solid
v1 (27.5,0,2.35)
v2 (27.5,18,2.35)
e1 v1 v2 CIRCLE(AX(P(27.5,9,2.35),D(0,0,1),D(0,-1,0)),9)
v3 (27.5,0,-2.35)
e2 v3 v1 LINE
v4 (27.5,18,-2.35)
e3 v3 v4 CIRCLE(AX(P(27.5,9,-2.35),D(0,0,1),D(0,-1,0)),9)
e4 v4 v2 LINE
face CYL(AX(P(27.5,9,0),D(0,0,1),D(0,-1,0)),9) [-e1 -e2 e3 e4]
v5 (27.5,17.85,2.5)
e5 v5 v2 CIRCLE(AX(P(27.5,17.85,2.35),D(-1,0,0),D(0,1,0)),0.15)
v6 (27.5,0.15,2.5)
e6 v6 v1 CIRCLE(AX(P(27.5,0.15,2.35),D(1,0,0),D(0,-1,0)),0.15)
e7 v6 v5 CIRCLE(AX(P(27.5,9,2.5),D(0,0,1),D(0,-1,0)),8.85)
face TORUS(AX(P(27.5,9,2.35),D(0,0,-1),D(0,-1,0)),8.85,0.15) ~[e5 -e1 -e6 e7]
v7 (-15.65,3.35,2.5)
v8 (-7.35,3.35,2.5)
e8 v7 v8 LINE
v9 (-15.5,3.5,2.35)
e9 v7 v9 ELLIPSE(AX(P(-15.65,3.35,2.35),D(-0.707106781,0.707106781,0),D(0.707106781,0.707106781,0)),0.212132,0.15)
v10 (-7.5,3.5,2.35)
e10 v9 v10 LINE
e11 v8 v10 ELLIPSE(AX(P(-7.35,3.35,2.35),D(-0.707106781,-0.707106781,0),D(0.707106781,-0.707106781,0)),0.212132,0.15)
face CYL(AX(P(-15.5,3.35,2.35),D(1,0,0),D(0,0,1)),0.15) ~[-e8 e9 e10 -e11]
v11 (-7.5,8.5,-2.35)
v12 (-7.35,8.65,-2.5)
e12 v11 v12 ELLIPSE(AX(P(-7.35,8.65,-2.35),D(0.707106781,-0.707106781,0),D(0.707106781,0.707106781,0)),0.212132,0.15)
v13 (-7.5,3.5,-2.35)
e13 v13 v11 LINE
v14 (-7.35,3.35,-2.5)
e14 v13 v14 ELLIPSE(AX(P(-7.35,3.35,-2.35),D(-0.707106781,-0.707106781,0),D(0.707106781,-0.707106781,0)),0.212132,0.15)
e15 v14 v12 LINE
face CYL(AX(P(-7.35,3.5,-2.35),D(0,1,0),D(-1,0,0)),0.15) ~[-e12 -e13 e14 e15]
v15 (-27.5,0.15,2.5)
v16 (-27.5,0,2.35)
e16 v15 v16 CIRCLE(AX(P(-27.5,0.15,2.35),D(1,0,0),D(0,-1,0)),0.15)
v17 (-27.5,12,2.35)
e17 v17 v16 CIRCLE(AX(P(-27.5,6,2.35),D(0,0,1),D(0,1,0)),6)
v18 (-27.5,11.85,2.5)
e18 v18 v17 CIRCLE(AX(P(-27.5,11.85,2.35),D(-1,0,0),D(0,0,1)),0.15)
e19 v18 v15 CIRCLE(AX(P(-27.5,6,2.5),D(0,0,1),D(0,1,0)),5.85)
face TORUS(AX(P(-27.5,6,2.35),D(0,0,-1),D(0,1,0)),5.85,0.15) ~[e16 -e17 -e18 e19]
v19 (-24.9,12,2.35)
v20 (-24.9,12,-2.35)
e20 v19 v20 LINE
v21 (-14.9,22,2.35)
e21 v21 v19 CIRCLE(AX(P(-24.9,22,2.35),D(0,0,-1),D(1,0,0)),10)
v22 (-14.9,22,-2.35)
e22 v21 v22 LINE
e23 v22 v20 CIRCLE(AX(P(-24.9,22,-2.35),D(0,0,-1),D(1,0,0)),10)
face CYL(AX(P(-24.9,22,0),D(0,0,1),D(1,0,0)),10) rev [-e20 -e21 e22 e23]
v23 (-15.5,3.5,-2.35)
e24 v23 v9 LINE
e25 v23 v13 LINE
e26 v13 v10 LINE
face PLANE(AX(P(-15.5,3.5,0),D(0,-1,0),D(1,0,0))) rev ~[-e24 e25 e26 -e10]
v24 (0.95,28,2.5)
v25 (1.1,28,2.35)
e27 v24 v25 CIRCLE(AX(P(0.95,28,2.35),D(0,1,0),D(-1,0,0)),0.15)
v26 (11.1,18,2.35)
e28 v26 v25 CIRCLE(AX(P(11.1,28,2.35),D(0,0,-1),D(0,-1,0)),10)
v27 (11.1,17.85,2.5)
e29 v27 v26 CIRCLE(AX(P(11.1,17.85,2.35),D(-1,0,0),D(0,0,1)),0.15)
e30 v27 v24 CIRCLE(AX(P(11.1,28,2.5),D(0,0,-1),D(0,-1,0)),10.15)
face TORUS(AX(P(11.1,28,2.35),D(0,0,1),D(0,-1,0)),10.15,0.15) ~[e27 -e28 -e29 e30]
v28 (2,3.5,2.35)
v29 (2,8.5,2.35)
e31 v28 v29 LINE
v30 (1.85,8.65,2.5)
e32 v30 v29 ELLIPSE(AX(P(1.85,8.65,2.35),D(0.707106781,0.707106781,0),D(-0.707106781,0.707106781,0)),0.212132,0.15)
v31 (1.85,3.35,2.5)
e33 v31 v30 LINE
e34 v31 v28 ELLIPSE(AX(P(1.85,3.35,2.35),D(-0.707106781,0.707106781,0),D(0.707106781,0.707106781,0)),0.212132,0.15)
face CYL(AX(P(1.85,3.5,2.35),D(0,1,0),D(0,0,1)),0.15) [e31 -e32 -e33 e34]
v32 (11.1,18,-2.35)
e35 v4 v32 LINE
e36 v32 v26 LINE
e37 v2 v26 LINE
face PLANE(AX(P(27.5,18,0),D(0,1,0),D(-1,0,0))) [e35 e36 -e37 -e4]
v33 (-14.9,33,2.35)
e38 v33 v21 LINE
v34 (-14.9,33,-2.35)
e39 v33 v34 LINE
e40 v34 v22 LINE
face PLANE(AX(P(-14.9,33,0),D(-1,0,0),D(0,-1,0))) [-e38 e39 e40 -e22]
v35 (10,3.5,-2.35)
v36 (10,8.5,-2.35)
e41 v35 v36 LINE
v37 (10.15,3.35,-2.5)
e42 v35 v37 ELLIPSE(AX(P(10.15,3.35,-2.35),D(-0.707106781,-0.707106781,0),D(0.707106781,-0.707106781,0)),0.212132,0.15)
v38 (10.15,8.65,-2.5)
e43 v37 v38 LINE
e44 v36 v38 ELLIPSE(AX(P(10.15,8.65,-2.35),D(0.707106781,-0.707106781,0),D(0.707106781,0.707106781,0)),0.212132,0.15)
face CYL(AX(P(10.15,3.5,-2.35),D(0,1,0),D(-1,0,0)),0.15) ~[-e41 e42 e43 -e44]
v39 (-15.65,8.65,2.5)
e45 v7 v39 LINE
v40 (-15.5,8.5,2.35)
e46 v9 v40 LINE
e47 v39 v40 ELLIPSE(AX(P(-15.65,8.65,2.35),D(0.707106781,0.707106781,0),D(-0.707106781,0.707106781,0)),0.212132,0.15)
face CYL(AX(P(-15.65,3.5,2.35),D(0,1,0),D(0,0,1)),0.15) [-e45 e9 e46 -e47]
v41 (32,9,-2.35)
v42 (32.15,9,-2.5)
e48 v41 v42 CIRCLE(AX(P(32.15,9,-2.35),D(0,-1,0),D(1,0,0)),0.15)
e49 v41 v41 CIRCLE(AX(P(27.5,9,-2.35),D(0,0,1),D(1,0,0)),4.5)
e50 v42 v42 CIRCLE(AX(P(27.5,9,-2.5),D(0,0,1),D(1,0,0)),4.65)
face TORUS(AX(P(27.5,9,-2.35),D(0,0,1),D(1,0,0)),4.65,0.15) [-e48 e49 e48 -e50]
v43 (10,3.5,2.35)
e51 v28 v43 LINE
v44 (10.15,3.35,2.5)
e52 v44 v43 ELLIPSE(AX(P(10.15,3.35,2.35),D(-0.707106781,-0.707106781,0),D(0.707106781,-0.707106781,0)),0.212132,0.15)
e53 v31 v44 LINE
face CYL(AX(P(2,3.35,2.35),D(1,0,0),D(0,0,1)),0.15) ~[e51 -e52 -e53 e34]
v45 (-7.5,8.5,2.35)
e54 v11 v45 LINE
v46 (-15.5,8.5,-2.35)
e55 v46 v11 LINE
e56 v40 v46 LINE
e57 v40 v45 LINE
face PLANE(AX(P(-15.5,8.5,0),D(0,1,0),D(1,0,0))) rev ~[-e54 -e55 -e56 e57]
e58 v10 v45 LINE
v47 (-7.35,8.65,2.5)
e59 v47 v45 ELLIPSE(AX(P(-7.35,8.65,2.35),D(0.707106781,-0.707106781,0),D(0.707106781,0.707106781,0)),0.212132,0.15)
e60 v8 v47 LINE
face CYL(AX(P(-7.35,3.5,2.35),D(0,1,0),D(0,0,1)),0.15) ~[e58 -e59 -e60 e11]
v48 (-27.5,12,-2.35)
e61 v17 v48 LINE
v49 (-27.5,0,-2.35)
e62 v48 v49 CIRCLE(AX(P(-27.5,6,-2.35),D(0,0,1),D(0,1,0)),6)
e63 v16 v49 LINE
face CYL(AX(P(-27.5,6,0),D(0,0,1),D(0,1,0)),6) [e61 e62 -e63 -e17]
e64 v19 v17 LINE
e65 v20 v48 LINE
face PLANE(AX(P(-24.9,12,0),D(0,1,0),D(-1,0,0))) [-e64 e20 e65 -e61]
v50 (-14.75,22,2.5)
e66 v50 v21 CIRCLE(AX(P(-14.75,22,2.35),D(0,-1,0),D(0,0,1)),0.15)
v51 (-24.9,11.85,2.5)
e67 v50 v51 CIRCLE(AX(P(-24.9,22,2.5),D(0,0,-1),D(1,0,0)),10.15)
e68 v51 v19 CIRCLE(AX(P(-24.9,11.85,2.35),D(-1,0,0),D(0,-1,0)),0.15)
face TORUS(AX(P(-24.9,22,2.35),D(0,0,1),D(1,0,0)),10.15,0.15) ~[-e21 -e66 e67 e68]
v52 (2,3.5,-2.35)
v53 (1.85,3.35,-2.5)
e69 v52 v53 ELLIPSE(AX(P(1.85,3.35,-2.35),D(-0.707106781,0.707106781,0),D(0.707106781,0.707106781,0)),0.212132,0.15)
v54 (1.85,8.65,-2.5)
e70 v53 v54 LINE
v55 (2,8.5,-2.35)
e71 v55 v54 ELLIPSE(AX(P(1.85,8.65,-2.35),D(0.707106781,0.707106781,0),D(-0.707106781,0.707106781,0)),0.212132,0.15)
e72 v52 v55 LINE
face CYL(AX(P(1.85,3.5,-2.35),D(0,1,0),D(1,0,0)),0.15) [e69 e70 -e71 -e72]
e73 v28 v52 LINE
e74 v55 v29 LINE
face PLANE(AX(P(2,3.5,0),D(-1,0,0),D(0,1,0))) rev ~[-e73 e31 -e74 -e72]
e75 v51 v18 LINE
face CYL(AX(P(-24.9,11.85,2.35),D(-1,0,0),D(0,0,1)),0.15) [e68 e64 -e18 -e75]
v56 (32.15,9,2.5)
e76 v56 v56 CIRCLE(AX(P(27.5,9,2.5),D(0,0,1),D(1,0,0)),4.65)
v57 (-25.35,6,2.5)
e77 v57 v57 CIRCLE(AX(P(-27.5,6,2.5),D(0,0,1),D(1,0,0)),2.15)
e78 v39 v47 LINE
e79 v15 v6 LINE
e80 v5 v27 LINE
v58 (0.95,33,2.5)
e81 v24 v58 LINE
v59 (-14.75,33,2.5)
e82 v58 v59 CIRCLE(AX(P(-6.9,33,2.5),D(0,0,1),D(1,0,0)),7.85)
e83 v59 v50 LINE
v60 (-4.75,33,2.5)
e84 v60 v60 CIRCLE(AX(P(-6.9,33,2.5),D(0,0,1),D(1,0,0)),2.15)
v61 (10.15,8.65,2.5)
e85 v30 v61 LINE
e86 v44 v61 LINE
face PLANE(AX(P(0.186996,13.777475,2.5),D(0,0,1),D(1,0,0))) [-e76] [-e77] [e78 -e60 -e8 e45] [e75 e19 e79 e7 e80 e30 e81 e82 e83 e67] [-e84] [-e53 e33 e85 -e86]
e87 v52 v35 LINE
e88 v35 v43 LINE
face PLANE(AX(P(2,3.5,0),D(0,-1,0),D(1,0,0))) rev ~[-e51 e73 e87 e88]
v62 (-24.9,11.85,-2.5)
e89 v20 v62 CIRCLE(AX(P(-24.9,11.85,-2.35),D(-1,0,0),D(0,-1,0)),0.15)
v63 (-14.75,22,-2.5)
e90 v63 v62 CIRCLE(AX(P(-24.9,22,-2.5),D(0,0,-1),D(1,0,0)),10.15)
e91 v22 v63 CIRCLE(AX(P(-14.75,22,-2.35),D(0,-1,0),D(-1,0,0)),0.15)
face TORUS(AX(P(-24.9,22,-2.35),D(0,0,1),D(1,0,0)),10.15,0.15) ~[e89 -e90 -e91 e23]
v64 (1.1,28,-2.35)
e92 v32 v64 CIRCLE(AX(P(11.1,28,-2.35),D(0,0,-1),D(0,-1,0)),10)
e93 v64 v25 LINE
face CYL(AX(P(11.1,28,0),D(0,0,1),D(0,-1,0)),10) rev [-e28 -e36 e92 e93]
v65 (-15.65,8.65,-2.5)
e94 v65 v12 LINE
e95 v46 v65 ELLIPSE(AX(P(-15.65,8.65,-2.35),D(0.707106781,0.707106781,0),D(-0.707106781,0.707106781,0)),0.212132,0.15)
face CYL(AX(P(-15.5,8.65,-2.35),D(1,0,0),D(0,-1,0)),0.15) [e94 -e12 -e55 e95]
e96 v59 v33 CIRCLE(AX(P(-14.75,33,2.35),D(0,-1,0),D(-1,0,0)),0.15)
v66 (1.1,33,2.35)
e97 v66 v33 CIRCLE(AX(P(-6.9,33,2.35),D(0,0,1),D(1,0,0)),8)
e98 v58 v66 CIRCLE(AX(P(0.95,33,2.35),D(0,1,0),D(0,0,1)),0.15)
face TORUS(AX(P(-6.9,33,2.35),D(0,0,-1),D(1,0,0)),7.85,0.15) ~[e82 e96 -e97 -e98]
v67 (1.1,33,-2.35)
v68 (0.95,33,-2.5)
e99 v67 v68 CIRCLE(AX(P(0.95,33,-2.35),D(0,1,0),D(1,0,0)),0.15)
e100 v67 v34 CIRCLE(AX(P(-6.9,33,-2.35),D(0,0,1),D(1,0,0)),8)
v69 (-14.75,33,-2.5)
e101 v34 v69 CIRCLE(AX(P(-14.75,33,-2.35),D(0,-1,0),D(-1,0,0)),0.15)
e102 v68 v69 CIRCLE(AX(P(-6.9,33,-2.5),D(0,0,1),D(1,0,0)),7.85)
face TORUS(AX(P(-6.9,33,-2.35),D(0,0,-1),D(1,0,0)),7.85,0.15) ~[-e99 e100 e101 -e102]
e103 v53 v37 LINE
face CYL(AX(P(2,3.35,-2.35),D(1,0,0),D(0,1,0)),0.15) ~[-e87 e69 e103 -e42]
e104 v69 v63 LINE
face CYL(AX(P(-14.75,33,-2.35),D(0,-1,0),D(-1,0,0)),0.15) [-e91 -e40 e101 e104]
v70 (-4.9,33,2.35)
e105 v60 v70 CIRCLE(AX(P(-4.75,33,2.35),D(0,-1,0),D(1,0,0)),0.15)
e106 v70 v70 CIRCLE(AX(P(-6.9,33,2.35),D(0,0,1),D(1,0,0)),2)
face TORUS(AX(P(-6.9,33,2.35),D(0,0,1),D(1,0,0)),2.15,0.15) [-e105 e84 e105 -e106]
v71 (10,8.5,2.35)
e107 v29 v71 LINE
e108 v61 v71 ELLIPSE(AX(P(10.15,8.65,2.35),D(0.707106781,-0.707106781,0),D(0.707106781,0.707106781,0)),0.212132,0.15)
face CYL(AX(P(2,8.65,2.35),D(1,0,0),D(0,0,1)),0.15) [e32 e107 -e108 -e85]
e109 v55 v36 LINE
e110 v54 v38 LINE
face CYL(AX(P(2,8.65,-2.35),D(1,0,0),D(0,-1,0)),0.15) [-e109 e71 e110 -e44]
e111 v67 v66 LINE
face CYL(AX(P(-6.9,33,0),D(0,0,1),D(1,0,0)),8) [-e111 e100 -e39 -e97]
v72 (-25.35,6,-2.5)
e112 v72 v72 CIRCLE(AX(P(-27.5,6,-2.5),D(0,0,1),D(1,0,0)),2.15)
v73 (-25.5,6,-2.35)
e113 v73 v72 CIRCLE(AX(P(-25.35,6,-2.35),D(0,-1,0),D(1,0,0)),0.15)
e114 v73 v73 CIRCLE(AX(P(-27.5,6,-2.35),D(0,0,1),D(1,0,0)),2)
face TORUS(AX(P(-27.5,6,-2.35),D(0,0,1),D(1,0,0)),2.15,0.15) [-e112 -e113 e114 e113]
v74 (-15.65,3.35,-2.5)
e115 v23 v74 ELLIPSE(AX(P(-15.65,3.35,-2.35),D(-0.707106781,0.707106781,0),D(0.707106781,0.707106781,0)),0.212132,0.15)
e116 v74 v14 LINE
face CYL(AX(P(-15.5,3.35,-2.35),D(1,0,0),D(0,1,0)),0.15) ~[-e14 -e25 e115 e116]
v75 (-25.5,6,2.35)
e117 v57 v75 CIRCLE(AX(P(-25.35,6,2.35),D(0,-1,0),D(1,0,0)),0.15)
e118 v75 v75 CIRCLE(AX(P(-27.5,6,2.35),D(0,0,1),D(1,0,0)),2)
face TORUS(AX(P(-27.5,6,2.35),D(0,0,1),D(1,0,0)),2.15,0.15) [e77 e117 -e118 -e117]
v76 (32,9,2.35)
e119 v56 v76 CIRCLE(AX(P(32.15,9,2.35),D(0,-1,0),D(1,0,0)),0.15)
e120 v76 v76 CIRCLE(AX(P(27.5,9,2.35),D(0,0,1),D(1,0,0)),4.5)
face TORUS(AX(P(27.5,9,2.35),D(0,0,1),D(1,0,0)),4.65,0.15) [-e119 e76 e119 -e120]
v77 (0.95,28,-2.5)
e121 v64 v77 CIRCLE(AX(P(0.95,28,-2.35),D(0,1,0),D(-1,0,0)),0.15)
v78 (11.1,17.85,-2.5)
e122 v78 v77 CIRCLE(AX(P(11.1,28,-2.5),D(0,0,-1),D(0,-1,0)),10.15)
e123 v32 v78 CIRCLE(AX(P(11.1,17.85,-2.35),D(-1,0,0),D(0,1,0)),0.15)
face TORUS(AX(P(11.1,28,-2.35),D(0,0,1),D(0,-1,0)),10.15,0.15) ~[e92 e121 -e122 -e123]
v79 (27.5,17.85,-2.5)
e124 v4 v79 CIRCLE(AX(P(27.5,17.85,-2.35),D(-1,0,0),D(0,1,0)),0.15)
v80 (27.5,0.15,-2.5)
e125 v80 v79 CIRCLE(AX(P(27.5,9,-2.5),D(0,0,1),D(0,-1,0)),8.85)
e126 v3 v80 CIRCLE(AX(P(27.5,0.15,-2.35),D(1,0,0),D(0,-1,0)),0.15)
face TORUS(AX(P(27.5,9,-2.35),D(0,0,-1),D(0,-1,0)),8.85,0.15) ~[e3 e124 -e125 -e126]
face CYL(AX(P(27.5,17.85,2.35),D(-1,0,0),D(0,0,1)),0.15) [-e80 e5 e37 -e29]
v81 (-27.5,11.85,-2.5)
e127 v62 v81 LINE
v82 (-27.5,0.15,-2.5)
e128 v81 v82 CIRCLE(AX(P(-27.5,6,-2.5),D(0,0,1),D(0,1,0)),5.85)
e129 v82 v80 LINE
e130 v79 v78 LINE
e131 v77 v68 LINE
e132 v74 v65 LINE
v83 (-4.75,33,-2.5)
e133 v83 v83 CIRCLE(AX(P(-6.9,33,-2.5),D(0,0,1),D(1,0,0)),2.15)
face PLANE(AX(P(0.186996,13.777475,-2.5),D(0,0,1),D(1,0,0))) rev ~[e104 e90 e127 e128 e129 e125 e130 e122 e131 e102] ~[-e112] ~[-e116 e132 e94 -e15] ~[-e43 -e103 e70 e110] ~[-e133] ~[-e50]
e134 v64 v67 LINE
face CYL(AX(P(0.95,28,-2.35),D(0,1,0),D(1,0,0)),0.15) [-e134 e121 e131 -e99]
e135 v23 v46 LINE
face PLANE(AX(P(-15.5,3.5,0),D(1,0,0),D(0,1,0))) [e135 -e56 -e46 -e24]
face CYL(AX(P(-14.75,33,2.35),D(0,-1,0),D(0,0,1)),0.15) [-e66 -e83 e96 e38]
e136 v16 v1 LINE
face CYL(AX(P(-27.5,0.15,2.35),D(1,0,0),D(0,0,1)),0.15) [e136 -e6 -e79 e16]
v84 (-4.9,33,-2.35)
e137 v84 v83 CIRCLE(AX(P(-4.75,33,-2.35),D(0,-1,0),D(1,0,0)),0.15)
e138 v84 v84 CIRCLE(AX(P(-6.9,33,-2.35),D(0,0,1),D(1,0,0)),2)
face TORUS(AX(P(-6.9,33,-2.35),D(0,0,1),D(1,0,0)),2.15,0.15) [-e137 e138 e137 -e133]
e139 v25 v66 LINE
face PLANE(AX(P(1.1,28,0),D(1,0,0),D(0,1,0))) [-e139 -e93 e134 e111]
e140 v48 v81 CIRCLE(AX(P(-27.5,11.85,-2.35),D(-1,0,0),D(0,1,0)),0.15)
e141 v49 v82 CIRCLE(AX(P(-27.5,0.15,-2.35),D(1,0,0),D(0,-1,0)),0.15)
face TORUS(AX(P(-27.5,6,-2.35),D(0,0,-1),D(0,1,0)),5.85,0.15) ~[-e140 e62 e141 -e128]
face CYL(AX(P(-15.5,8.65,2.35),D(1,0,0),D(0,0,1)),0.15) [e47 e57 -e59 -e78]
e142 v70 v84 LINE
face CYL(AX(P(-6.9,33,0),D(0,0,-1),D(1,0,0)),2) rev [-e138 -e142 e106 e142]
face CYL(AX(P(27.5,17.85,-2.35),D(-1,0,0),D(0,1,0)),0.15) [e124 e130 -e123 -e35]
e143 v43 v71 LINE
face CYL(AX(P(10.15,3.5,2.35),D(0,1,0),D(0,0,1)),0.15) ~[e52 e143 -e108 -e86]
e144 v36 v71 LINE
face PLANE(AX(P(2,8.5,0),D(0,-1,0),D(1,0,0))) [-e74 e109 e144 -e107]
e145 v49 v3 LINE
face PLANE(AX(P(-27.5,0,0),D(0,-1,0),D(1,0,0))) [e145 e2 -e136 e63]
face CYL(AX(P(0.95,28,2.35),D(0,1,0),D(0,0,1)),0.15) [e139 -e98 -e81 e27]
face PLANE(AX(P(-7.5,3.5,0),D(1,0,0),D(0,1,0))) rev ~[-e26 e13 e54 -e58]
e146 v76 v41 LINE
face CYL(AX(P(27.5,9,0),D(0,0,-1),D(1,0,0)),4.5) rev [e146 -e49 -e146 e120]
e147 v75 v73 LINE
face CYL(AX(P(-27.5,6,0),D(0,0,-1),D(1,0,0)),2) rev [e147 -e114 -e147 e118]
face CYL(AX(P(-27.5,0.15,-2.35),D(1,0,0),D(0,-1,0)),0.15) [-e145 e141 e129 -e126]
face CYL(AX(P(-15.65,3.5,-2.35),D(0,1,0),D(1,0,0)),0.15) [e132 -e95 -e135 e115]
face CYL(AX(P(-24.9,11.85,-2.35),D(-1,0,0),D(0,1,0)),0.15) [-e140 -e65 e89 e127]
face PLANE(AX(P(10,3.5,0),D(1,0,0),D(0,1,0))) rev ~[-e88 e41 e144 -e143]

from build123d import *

# Parameters (mm, degrees)
SZKIC1_R                    = 2
SZKIC1_R_2                  = 4.5
SZKIC1_W                    = 8
SZKIC1_H                    = 5
DODANIE_WYCI_GNI_CIE1_DEPTH = 2.5
ZAOKR_GLENIE1_R             = 0.15


with BuildPart() as part:
    # Szkic1 → Dodanie-wyciągnięcie1 (new body, symmetric)
    with BuildSketch(Plane.XY):
        with BuildLine():
            Line((-27.5, 0), (27.5, 0))
            ThreePointArc((27.5, 0), (36.5, 9), (27.5, 18))
            Line((27.5, 18), (11.1, 18))
            ThreePointArc((11.1, 18), (4.028932188, 20.928932188), (1.1, 28))
            Line((1.1, 28), (1.1, 33))
            ThreePointArc((1.1, 33), (-6.9, 41), (-14.9, 33))
            Line((-14.9, 33), (-14.9, 22))
            ThreePointArc((-14.9, 22), (-17.828932188, 14.928932188), (-24.9, 12))
            Line((-24.9, 12), (-27.5, 12))
            ThreePointArc((-27.5, 12), (-33.5, 6), (-27.5, 0))
        make_face()
        with Locations((-27.5, 6)):
            Circle(SZKIC1_R, mode=Mode.SUBTRACT)
        with Locations((27.5, 9)):
            Circle(SZKIC1_R_2, mode=Mode.SUBTRACT)
        with Locations((-6.9, 33)):
            Circle(SZKIC1_R, mode=Mode.SUBTRACT)
        with Locations((-11.5, 6)):
            Rectangle(SZKIC1_W, SZKIC1_H, mode=Mode.SUBTRACT)
        with Locations((6, 6)):
            Rectangle(SZKIC1_W, SZKIC1_H, mode=Mode.SUBTRACT)
    extrude(amount=DODANIE_WYCI_GNI_CIE1_DEPTH, both=True)

    # Zaokrąglenie1
    zaokr_glenie1_edges = [part.edges().sort_by_distance(p)[0] for p in [
        (36.5, 9, 2.5),
        (-14.9, 27.5, -2.5),
        (-6.9, 41, -2.5),
        (1.1, 30.5, -2.5),
        (4.028932188, 20.928932188, -2.5),
        (19.3, 18, -2.5),
        (36.5, 9, -2.5),
        (0, 0, -2.5),
        (-33.5, 6, -2.5),
        (19.3, 18, 2.5),
        (4.028932188, 20.928932188, 2.5),
        (1.1, 30.5, 2.5),
        (-6.9, 41, 2.5),
        (-14.9, 27.5, 2.5),
        (23, 9, -2.5),
        (23, 9, 2.5),
        (-17.828932188, 14.928932188, 2.5),
        (-29.5, 6, -2.5),
        (-29.5, 6, 2.5),
        (-26.2, 12, 2.5),
        (-8.9, 33, -2.5),
        (-8.9, 33, 2.5),
        (-15.5, 6, -2.5),
        (-11.5, 3.5, -2.5),
        (-33.5, 6, 2.5),
        (-7.5, 6, -2.5),
        (-11.5, 8.5, -2.5),
        (-15.5, 6, 2.5),
        (-11.5, 3.5, 2.5),
        (-7.5, 6, 2.5),
        (-11.5, 8.5, 2.5),
        (2, 6, -2.5),
        (6, 3.5, -2.5),
        (10, 6, -2.5),
        (6, 8.5, -2.5),
        (2, 6, 2.5),
        (6, 3.5, 2.5),
        (10, 6, 2.5),
        (6, 8.5, 2.5),
        (0, 0, 2.5),
        (-26.2, 12, -2.5),
        (-17.828932188, 14.928932188, -2.5),
    ]]
    fillet(zaokr_glenie1_edges, radius=ZAOKR_GLENIE1_R)


solid = part.part
